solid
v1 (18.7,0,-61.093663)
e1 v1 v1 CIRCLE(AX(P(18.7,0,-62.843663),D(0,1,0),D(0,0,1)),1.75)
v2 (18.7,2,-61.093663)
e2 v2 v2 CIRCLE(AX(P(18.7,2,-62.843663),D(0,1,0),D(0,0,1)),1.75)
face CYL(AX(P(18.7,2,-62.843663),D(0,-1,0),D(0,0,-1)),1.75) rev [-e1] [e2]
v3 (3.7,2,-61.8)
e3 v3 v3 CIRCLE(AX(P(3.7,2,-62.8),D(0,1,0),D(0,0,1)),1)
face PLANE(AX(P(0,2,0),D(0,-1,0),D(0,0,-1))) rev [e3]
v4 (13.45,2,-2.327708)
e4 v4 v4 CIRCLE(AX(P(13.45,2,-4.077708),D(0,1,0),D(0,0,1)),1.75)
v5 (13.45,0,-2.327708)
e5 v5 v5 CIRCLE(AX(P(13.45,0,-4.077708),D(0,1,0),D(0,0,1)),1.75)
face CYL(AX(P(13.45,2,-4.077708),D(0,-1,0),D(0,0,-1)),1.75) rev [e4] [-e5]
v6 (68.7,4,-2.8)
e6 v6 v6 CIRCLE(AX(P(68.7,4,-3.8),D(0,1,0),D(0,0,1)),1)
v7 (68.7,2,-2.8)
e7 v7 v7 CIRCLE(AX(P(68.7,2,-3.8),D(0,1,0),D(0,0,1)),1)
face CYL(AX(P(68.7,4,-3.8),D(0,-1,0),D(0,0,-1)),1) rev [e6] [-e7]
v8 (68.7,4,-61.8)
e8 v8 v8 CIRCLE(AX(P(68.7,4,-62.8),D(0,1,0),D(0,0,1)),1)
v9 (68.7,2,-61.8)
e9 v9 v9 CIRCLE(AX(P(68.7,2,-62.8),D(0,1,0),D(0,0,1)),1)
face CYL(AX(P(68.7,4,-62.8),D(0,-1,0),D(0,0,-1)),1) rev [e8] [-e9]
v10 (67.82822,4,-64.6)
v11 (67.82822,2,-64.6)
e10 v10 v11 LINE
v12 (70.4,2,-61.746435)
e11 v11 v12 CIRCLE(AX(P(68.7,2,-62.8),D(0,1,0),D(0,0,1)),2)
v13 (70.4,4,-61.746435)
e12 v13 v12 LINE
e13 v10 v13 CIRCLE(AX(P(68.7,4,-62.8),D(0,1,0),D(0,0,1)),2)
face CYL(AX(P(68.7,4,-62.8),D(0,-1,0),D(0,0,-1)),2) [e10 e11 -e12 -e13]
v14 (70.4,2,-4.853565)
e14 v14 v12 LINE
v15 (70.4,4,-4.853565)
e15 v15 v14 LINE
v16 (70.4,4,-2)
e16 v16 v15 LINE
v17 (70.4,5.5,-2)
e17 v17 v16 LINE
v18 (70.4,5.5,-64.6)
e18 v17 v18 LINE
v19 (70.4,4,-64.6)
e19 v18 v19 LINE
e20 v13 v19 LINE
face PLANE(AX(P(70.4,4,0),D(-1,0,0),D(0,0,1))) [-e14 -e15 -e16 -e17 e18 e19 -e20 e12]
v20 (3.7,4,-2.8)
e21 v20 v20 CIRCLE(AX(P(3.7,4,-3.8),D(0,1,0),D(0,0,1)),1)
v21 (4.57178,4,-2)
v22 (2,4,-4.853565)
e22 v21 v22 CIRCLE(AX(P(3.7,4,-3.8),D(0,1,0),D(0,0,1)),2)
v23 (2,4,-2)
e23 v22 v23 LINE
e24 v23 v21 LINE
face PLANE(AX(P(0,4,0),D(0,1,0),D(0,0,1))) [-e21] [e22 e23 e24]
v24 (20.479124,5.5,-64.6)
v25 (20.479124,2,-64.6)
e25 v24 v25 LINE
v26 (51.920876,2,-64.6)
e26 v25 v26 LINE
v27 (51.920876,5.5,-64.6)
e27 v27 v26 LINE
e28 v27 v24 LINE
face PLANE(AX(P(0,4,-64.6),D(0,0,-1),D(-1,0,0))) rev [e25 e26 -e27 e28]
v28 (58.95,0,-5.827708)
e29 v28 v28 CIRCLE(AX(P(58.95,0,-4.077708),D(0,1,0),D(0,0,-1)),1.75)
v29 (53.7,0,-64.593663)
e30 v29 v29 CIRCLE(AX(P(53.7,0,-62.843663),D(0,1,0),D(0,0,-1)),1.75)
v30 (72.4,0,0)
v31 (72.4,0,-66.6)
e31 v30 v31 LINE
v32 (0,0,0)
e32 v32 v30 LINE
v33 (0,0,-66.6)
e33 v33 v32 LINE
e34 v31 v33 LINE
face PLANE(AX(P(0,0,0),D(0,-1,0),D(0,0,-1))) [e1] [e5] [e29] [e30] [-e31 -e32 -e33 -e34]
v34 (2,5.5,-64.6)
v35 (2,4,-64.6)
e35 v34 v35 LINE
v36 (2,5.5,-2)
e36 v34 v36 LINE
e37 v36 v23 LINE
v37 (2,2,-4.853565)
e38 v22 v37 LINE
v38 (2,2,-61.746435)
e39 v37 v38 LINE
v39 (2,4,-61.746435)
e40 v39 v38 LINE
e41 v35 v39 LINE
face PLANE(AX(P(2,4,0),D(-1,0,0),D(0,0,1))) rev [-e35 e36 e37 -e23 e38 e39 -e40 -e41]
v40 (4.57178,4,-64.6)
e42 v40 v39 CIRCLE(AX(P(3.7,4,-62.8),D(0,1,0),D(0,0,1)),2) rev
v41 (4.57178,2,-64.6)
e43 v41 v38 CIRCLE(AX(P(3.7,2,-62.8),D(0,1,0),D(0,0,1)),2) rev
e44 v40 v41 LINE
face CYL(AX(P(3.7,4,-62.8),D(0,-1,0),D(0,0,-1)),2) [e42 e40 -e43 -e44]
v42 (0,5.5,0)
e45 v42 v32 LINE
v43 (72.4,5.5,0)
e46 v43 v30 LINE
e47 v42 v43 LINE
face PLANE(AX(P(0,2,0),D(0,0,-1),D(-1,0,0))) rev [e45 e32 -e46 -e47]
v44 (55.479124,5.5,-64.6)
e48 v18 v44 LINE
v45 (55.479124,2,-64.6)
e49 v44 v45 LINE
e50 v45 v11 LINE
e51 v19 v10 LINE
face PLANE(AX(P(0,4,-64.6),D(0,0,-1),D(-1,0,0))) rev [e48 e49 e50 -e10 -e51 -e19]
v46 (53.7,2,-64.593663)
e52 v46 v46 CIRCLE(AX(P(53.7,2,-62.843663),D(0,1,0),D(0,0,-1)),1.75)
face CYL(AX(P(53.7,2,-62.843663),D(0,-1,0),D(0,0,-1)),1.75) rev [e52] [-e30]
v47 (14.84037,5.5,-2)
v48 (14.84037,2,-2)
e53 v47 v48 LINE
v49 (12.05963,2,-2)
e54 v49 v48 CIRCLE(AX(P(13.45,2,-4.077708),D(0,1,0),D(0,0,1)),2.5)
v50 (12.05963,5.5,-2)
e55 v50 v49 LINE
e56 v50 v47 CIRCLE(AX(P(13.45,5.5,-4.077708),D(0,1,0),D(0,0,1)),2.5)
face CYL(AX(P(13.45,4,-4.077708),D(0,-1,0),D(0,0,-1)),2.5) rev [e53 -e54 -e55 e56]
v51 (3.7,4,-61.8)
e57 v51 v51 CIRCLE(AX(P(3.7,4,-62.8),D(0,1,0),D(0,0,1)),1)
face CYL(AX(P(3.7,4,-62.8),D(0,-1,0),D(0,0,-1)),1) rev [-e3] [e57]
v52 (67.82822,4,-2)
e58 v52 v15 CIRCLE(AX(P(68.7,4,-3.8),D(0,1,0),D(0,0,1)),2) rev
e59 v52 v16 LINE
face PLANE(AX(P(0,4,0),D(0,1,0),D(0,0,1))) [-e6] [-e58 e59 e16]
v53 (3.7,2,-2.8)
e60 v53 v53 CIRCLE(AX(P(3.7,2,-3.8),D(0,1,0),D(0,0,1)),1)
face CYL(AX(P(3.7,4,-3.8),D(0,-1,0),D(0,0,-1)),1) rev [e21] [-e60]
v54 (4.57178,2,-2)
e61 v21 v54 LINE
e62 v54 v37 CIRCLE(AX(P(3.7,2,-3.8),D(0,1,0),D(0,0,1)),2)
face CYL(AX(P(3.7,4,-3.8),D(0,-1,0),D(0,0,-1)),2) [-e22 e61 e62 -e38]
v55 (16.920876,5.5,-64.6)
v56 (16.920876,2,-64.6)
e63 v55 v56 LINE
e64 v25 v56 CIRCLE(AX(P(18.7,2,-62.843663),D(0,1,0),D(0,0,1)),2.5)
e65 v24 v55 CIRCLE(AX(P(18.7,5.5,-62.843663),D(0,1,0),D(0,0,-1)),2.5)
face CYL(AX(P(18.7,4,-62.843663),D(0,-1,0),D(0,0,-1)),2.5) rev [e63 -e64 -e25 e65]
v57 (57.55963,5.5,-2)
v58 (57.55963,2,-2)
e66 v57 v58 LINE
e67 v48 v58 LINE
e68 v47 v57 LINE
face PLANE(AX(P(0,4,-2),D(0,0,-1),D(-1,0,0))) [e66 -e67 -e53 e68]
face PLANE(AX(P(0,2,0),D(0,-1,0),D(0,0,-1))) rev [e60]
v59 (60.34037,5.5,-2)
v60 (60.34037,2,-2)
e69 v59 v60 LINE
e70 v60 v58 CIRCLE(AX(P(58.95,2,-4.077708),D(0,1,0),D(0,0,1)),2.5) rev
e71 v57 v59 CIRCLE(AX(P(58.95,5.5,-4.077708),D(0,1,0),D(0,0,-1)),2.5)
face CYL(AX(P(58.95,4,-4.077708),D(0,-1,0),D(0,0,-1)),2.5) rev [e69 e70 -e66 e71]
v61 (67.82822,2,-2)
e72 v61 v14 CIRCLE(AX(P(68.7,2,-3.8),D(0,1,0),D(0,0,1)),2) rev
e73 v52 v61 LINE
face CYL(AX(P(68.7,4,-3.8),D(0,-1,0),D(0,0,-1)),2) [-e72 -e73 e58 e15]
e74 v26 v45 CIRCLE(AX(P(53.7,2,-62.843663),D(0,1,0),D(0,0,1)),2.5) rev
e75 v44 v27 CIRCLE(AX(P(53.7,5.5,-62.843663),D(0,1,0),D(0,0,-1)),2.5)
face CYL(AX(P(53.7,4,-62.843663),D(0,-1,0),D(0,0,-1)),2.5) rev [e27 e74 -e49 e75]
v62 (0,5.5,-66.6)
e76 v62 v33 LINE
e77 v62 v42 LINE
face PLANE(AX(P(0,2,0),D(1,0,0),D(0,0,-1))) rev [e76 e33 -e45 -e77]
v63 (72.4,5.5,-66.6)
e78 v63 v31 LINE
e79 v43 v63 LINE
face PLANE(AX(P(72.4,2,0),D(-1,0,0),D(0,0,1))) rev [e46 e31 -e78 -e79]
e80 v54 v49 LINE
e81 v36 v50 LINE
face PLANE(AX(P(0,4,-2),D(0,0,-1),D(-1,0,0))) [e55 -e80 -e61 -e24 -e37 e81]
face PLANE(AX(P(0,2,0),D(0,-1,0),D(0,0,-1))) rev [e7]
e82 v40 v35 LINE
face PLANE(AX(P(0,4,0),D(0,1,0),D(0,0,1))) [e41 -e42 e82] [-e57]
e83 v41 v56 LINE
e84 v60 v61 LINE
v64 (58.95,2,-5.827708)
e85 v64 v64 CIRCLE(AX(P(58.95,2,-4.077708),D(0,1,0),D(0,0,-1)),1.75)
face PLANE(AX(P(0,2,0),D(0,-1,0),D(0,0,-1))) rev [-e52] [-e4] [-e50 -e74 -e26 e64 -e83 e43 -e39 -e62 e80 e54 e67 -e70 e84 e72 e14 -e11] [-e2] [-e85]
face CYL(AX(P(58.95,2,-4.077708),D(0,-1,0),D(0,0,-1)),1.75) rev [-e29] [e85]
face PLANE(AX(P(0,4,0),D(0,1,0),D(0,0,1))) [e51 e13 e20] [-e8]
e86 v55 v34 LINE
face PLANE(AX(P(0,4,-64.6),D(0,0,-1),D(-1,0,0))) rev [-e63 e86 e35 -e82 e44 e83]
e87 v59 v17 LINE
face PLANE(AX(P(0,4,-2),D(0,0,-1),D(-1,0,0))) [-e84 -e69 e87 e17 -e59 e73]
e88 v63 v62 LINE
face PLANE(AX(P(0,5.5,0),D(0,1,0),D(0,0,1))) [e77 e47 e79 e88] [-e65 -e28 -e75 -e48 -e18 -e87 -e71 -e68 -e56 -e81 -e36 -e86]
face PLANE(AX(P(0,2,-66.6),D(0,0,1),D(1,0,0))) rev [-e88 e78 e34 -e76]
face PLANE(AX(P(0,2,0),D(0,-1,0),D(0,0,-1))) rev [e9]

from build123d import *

# Parameters (mm, degrees)
SKETCH1_W           = 72.4
SKETCH1_H           = 66.6
SKETCH1_R           = 1.75
BOSS_EXTRUDE1_DEPTH = 2
SKETCH2_W           = 72.4
SKETCH2_H           = 66.6
SKETCH2_R           = 1
BOSS_EXTRUDE2_DEPTH = 2
SKETCH3_W           = 72.4
SKETCH3_H           = 66.6
BOSS_EXTRUDE3_DEPTH = 1.5


with BuildPart() as part:
    # Sketch1 → Boss-Extrude1 (new body)
    with BuildSketch(Plane(origin=(0, 0, 0), x_dir=(1, 0, 0), z_dir=(0, 1, 0))):
        with Locations((36.2, 33.3)):
            Rectangle(SKETCH1_W, SKETCH1_H)
        with Locations((18.7, 62.843663413)):
            Circle(SKETCH1_R, mode=Mode.SUBTRACT)
        with Locations((13.45, 4.077708133)):
            Circle(SKETCH1_R, mode=Mode.SUBTRACT)
        with Locations((58.95, 4.077708133)):
            Circle(SKETCH1_R, mode=Mode.SUBTRACT)
        with Locations((53.7, 62.843663413)):
            Circle(SKETCH1_R, mode=Mode.SUBTRACT)
    extrude(amount=BOSS_EXTRUDE1_DEPTH)

    # Sketch2 → Boss-Extrude2 (add)
    with BuildSketch(Plane(origin=(0, 2, 0), x_dir=(1, 0, 0), z_dir=(0, 1, 0))):
        with Locations((36.2, 33.3)):
            Rectangle(SKETCH2_W, SKETCH2_H)
        with Locations((3.7, 3.8)):
            Circle(SKETCH2_R, mode=Mode.SUBTRACT)
        with Locations((68.7, 3.8)):
            Circle(SKETCH2_R, mode=Mode.SUBTRACT)
        with Locations((3.7, 62.8)):
            Circle(SKETCH2_R, mode=Mode.SUBTRACT)
        with BuildLine():
            Line((12.059629936, 2), (4.571779789, 2))
            ThreePointArc((4.571779789, 2), (5.185663494, 5.138956303), (2, 4.853565375))
            Line((2, 4.853565375), (2, 61.746434625))
            ThreePointArc((2, 61.746434625), (5.185663494, 61.461043697), (4.571779789, 64.6))
            Line((4.571779789, 64.6), (16.920876117, 64.6))
            ThreePointArc((16.920876117, 64.6), (18.7, 65.343663413), (20.479123883, 64.6))
            Line((20.479123883, 64.6), (51.920876117, 64.6))
            ThreePointArc((51.920876117, 64.6), (53.7, 65.343663413), (55.479123883, 64.6))
            Line((55.479123883, 64.6), (67.828220211, 64.6))
            ThreePointArc((67.828220211, 64.6), (67.214336506, 61.461043697), (70.4, 61.746434625))
            Line((70.4, 61.746434625), (70.4, 4.853565375))
            ThreePointArc((70.4, 4.853565375), (67.214336506, 5.138956303), (67.828220211, 2))
            Line((67.828220211, 2), (60.340370064, 2))
            ThreePointArc((60.340370064, 2), (58.95, 1.577708133), (57.559629936, 2))
            Line((57.559629936, 2), (14.840370064, 2))
            ThreePointArc((14.840370064, 2), (13.45, 1.577708133), (12.059629936, 2))
        make_face(mode=Mode.SUBTRACT)
        with Locations((68.7, 62.8)):
            Circle(SKETCH2_R, mode=Mode.SUBTRACT)
    extrude(amount=BOSS_EXTRUDE2_DEPTH)

    # Sketch3 → Boss-Extrude3 (add)
    with BuildSketch(Plane(origin=(0, 4, 0), x_dir=(1, 0, 0), z_dir=(0, 1, 0))):
        with Locations((36.2, 33.3)):
            Rectangle(SKETCH3_W, SKETCH3_H)
        with BuildLine():
            Line((12.059629936, 2), (2, 2))
            Line((2, 2), (2, 64.6))
            Line((2, 64.6), (16.920876117, 64.6))
            ThreePointArc((16.920876117, 64.6), (18.7, 65.343663413), (20.479123883, 64.6))
            Line((20.479123883, 64.6), (51.920876117, 64.6))
            ThreePointArc((51.920876117, 64.6), (53.7, 65.343663413), (55.479123883, 64.6))
            Line((55.479123883, 64.6), (70.4, 64.6))
            Line((70.4, 64.6), (70.4, 2))
            Line((70.4, 2), (60.340370064, 2))
            ThreePointArc((60.340370064, 2), (58.95, 1.577708133), (57.559629936, 2))
            Line((57.559629936, 2), (14.840370064, 2))
            ThreePointArc((14.840370064, 2), (13.45, 1.577708133), (12.059629936, 2))
        make_face(mode=Mode.SUBTRACT)
    extrude(amount=BOSS_EXTRUDE3_DEPTH)


solid = part.part
